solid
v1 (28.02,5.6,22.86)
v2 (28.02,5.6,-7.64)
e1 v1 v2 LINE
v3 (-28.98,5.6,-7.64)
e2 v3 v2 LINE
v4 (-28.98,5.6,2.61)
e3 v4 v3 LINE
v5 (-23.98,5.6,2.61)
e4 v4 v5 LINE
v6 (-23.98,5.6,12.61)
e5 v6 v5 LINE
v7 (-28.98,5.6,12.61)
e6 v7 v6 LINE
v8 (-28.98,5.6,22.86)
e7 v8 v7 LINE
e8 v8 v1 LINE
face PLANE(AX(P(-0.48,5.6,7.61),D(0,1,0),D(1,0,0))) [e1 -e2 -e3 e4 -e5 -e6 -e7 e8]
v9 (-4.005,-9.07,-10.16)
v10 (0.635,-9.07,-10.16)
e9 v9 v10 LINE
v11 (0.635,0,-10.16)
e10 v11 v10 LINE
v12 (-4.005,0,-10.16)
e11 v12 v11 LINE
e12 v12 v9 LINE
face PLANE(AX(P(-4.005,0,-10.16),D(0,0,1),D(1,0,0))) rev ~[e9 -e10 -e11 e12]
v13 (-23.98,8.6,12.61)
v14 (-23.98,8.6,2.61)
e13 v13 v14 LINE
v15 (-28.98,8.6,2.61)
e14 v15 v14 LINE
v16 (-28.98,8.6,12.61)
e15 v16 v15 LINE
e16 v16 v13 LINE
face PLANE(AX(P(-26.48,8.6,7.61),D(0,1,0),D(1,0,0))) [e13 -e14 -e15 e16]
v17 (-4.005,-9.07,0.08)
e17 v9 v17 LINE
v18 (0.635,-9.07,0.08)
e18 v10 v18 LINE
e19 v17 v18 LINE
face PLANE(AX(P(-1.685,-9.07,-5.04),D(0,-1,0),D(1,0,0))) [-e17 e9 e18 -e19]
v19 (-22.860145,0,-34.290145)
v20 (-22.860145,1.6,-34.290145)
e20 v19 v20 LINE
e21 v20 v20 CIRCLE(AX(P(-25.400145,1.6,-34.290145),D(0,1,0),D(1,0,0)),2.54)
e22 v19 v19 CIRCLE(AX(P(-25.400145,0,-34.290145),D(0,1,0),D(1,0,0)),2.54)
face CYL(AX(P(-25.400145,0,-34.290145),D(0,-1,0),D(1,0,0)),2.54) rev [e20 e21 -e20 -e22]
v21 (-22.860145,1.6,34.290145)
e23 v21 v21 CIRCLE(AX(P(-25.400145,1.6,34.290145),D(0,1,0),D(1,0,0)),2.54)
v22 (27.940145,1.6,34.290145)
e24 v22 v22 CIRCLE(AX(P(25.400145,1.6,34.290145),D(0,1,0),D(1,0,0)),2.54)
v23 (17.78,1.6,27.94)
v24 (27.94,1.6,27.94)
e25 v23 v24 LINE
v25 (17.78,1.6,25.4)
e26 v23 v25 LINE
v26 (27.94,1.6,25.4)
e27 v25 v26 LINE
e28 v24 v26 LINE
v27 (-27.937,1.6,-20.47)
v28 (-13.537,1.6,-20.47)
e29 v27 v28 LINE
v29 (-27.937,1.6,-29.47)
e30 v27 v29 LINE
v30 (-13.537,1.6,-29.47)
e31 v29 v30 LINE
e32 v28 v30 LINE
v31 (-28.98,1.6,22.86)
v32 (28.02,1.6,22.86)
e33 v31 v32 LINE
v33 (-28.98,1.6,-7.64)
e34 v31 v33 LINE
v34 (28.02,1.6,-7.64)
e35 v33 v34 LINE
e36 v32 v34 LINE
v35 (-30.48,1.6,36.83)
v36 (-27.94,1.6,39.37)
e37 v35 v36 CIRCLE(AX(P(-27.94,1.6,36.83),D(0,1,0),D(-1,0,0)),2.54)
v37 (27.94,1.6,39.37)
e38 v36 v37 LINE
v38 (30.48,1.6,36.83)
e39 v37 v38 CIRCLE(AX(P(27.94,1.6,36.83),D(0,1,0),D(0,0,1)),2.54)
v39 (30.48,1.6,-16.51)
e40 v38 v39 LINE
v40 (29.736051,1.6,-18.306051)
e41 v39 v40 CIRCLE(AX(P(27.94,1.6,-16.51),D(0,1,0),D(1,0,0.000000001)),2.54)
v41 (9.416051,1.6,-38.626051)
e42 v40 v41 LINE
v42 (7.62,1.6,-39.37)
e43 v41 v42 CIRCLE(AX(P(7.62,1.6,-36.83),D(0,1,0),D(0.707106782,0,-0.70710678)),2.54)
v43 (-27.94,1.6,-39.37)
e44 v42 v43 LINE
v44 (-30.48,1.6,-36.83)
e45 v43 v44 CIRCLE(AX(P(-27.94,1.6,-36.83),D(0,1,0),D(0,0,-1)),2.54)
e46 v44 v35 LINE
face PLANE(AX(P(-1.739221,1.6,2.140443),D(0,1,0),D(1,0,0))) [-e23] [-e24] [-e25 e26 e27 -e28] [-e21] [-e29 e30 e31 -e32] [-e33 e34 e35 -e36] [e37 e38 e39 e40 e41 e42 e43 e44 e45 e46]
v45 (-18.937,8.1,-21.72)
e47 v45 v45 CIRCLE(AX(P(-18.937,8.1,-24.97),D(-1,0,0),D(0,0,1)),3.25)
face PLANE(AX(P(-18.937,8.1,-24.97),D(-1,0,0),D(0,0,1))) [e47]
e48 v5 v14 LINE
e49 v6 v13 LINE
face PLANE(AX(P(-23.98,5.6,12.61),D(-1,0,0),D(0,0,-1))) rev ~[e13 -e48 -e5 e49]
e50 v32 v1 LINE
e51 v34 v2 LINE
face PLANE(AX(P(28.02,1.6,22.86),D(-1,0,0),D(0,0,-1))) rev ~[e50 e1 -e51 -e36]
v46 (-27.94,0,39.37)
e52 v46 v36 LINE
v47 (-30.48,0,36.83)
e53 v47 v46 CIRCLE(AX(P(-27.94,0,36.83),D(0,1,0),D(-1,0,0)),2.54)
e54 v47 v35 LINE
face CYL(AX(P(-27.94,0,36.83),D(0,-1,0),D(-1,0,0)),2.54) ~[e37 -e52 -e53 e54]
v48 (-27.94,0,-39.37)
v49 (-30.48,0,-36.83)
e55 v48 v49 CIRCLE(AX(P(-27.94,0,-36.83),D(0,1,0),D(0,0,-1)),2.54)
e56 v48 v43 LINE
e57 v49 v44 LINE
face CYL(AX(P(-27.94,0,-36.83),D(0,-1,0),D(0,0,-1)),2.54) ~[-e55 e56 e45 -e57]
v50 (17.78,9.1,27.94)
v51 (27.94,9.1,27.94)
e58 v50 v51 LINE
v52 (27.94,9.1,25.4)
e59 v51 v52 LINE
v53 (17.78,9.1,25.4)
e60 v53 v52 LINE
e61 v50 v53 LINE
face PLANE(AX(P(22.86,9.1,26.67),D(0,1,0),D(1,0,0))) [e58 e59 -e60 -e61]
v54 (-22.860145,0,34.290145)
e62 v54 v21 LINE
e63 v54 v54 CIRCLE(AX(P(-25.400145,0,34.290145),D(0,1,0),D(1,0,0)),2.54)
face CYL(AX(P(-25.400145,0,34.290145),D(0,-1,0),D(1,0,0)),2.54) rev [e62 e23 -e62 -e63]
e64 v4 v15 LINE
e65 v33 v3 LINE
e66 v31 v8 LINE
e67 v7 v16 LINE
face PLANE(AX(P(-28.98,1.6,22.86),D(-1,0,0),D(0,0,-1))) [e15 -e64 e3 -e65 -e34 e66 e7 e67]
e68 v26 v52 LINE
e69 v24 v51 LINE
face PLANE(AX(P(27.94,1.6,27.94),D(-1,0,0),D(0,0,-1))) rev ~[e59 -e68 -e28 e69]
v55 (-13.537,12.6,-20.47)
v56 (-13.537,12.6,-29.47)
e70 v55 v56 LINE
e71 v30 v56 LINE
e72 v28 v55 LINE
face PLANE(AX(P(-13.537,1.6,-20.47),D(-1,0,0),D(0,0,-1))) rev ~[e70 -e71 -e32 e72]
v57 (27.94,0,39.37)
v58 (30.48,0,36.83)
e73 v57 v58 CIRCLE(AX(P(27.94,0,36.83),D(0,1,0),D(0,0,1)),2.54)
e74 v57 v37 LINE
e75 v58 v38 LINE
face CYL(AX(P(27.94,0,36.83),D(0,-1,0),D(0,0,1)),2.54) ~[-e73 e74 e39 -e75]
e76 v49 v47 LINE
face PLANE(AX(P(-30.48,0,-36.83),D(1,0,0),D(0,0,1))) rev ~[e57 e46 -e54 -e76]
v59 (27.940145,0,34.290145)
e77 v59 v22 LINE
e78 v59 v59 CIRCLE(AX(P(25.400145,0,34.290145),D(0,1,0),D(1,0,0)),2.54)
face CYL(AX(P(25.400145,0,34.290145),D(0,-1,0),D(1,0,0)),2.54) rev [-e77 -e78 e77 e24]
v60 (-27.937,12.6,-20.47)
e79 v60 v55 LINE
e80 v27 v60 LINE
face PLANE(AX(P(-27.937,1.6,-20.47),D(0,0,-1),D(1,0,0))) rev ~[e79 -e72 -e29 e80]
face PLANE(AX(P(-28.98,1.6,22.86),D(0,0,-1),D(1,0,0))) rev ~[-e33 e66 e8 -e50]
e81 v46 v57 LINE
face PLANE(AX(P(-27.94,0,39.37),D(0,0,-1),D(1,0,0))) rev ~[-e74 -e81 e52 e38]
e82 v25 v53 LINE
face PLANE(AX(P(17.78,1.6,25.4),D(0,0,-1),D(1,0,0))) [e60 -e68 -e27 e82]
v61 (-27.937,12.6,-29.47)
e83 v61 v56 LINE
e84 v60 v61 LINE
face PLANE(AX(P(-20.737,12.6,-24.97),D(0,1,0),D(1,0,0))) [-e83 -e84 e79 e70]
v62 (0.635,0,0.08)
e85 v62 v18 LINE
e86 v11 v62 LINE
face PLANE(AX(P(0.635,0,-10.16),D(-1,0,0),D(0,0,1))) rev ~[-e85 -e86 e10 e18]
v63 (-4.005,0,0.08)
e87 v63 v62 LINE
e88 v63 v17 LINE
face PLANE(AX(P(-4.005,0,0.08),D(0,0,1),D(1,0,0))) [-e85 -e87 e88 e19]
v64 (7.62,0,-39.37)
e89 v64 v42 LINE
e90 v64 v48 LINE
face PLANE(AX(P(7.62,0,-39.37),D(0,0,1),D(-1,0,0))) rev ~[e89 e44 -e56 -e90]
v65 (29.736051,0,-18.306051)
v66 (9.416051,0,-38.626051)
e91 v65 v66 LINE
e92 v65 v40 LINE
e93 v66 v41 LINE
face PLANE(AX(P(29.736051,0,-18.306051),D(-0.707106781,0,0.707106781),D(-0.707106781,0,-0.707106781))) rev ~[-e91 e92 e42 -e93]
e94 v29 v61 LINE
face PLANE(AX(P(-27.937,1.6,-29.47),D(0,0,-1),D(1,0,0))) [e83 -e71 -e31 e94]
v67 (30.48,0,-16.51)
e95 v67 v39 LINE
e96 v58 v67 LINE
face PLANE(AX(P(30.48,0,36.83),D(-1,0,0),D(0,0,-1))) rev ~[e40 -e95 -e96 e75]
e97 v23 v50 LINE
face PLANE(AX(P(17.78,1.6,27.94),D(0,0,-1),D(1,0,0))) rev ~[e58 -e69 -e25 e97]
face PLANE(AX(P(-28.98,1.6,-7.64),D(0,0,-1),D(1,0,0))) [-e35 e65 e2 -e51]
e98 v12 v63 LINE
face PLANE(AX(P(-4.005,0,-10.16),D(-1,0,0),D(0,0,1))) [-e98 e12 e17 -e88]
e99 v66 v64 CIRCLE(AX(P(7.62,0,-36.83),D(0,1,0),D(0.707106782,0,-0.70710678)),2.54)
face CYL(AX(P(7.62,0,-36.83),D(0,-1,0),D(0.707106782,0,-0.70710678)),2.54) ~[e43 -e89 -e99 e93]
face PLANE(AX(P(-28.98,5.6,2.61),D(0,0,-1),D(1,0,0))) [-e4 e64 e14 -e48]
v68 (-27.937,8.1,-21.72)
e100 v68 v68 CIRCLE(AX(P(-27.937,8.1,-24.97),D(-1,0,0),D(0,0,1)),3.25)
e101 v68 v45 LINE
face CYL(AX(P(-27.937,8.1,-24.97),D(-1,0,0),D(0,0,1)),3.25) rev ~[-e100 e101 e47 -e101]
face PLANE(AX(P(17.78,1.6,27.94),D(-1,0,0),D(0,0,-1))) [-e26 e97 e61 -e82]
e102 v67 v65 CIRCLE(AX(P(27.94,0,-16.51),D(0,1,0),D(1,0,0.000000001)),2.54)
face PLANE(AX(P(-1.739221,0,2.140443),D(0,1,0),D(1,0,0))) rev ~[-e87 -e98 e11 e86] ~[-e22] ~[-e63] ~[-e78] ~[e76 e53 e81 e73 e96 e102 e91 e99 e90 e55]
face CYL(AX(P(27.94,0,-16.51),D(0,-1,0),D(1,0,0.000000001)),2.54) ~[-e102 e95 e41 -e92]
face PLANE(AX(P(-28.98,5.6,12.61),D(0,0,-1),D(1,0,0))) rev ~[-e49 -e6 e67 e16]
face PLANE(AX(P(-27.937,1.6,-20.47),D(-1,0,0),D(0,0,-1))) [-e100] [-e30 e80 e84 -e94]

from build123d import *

# Parameters (mm, degrees)
BOARD_DEPTH            = 1.6
BOARDSKETCH_3_R        = 2.54
BOARD_HOLES_DEPTH      = 1.6
PORT_SKETCH_W          = 14.4
PORT_SKETCH_H          = 9
BARREL_CONN_DEPTH      = 11
BARREL_SKETCH_R        = 3.25
BARREL_CONN_HOLE_DEPTH = 9
PORTSKETCH_3_W         = 10.16
PORTSKETCH_3_H         = 2.54
PIN_HEADER_DEPTH       = 7.5
PORTSKETCH_4_W         = 57
PORTSKETCH_4_H         = 30.5
ESP8266_DEPTH          = 4
USB_SKETCH_W           = 5
USB_SKETCH_H           = 10
USB_PORT_DEPTH         = 3
LM7805_SKETCH_W        = 4.64
LM7805_SKETCH_H        = 10.24
LM7805_TH_DEPTH        = 9.07


with BuildPart() as part:
    # Board_Sketch → Board (new body)
    with BuildSketch(Plane(origin=(0, 0, 0), x_dir=(1, 0, 0), z_dir=(0, 1, 0))):
        with BuildLine():
            Line((30.48, -36.83), (30.48, 16.51))
            ThreePointArc((30.48, 16.51), (30.286654013, 17.482015918), (29.736051224, 18.306051224))
            Line((29.736051224, 18.306051224), (9.416051224, 38.626051224))
            ThreePointArc((9.416051224, 38.626051224), (8.592015918, 39.176654013), (7.62, 39.37))
            Line((7.62, 39.37), (-27.94, 39.37))
            ThreePointArc((-27.94, 39.37), (-29.736051224, 38.626051224), (-30.48, 36.83))
            Line((-30.48, 36.83), (-30.48, -36.83))
            ThreePointArc((-30.48, -36.83), (-29.736051224, -38.626051224), (-27.94, -39.37))
            Line((-27.94, -39.37), (27.94, -39.37))
            ThreePointArc((27.94, -39.37), (29.736051224, -38.626051224), (30.48, -36.83))
        make_face()
    extrude(amount=BOARD_DEPTH)

    # BoardSketch<3> → Board_Holes (cut)
    with BuildSketch(Plane(origin=(0, 0, 0), x_dir=(1, 0, 0), z_dir=(0, 1, 0))):
        with Locations((-25.400144884, -34.290144884)):
            Circle(BOARDSKETCH_3_R)
        with Locations((25.400144884, -34.290144884)):
            Circle(BOARDSKETCH_3_R)
        with Locations((-25.400144884, 34.290144884)):
            Circle(BOARDSKETCH_3_R)
    extrude(amount=BOARD_HOLES_DEPTH, mode=Mode.SUBTRACT)

    # Port_Sketch → Barrel_Conn (add)
    with BuildSketch(Plane(origin=(0, 1.6, 0), x_dir=(1, 0, 0), z_dir=(0, 1, 0))):
        with Locations((-20.737, 24.97)):
            Rectangle(PORT_SKETCH_W, PORT_SKETCH_H)
    extrude(amount=BARREL_CONN_DEPTH)

    # Barrel_Sketch → Barrel_Conn_Hole (cut)
    with BuildSketch(Plane.ZY.offset(27.937)):
        with Locations((-24.97, 8.1)):
            Circle(BARREL_SKETCH_R)
    extrude(amount=-BARREL_CONN_HOLE_DEPTH, mode=Mode.SUBTRACT)

    # PortSketch<3> → Pin_Header (add)
    with BuildSketch(Plane(origin=(0, 1.6, 0), x_dir=(1, 0, 0), z_dir=(0, 1, 0))):
        with Locations((22.86, -26.67)):
            Rectangle(PORTSKETCH_3_W, PORTSKETCH_3_H)
    extrude(amount=PIN_HEADER_DEPTH)

    # PortSketch<4> → ESP8266 (add)
    with BuildSketch(Plane(origin=(0, 1.6, 0), x_dir=(1, 0, 0), z_dir=(0, 1, 0))):
        with Locations((-0.48, -7.61)):
            Rectangle(PORTSKETCH_4_W, PORTSKETCH_4_H)
    extrude(amount=ESP8266_DEPTH)

    # USB_Sketch → USB_Port (add)
    with BuildSketch(Plane(origin=(0, 5.6, 0), x_dir=(1, 0, 0), z_dir=(0, 1, 0))):
        with Locations((-26.48, -7.61)):
            Rectangle(USB_SKETCH_W, USB_SKETCH_H)
    extrude(amount=USB_PORT_DEPTH)

    # LM7805_Sketch → LM7805_TH (add)
    with BuildSketch(Plane.XZ):
        with Locations((-1.685, -5.04)):
            Rectangle(LM7805_SKETCH_W, LM7805_SKETCH_H)
    extrude(amount=LM7805_TH_DEPTH)


solid = part.part
